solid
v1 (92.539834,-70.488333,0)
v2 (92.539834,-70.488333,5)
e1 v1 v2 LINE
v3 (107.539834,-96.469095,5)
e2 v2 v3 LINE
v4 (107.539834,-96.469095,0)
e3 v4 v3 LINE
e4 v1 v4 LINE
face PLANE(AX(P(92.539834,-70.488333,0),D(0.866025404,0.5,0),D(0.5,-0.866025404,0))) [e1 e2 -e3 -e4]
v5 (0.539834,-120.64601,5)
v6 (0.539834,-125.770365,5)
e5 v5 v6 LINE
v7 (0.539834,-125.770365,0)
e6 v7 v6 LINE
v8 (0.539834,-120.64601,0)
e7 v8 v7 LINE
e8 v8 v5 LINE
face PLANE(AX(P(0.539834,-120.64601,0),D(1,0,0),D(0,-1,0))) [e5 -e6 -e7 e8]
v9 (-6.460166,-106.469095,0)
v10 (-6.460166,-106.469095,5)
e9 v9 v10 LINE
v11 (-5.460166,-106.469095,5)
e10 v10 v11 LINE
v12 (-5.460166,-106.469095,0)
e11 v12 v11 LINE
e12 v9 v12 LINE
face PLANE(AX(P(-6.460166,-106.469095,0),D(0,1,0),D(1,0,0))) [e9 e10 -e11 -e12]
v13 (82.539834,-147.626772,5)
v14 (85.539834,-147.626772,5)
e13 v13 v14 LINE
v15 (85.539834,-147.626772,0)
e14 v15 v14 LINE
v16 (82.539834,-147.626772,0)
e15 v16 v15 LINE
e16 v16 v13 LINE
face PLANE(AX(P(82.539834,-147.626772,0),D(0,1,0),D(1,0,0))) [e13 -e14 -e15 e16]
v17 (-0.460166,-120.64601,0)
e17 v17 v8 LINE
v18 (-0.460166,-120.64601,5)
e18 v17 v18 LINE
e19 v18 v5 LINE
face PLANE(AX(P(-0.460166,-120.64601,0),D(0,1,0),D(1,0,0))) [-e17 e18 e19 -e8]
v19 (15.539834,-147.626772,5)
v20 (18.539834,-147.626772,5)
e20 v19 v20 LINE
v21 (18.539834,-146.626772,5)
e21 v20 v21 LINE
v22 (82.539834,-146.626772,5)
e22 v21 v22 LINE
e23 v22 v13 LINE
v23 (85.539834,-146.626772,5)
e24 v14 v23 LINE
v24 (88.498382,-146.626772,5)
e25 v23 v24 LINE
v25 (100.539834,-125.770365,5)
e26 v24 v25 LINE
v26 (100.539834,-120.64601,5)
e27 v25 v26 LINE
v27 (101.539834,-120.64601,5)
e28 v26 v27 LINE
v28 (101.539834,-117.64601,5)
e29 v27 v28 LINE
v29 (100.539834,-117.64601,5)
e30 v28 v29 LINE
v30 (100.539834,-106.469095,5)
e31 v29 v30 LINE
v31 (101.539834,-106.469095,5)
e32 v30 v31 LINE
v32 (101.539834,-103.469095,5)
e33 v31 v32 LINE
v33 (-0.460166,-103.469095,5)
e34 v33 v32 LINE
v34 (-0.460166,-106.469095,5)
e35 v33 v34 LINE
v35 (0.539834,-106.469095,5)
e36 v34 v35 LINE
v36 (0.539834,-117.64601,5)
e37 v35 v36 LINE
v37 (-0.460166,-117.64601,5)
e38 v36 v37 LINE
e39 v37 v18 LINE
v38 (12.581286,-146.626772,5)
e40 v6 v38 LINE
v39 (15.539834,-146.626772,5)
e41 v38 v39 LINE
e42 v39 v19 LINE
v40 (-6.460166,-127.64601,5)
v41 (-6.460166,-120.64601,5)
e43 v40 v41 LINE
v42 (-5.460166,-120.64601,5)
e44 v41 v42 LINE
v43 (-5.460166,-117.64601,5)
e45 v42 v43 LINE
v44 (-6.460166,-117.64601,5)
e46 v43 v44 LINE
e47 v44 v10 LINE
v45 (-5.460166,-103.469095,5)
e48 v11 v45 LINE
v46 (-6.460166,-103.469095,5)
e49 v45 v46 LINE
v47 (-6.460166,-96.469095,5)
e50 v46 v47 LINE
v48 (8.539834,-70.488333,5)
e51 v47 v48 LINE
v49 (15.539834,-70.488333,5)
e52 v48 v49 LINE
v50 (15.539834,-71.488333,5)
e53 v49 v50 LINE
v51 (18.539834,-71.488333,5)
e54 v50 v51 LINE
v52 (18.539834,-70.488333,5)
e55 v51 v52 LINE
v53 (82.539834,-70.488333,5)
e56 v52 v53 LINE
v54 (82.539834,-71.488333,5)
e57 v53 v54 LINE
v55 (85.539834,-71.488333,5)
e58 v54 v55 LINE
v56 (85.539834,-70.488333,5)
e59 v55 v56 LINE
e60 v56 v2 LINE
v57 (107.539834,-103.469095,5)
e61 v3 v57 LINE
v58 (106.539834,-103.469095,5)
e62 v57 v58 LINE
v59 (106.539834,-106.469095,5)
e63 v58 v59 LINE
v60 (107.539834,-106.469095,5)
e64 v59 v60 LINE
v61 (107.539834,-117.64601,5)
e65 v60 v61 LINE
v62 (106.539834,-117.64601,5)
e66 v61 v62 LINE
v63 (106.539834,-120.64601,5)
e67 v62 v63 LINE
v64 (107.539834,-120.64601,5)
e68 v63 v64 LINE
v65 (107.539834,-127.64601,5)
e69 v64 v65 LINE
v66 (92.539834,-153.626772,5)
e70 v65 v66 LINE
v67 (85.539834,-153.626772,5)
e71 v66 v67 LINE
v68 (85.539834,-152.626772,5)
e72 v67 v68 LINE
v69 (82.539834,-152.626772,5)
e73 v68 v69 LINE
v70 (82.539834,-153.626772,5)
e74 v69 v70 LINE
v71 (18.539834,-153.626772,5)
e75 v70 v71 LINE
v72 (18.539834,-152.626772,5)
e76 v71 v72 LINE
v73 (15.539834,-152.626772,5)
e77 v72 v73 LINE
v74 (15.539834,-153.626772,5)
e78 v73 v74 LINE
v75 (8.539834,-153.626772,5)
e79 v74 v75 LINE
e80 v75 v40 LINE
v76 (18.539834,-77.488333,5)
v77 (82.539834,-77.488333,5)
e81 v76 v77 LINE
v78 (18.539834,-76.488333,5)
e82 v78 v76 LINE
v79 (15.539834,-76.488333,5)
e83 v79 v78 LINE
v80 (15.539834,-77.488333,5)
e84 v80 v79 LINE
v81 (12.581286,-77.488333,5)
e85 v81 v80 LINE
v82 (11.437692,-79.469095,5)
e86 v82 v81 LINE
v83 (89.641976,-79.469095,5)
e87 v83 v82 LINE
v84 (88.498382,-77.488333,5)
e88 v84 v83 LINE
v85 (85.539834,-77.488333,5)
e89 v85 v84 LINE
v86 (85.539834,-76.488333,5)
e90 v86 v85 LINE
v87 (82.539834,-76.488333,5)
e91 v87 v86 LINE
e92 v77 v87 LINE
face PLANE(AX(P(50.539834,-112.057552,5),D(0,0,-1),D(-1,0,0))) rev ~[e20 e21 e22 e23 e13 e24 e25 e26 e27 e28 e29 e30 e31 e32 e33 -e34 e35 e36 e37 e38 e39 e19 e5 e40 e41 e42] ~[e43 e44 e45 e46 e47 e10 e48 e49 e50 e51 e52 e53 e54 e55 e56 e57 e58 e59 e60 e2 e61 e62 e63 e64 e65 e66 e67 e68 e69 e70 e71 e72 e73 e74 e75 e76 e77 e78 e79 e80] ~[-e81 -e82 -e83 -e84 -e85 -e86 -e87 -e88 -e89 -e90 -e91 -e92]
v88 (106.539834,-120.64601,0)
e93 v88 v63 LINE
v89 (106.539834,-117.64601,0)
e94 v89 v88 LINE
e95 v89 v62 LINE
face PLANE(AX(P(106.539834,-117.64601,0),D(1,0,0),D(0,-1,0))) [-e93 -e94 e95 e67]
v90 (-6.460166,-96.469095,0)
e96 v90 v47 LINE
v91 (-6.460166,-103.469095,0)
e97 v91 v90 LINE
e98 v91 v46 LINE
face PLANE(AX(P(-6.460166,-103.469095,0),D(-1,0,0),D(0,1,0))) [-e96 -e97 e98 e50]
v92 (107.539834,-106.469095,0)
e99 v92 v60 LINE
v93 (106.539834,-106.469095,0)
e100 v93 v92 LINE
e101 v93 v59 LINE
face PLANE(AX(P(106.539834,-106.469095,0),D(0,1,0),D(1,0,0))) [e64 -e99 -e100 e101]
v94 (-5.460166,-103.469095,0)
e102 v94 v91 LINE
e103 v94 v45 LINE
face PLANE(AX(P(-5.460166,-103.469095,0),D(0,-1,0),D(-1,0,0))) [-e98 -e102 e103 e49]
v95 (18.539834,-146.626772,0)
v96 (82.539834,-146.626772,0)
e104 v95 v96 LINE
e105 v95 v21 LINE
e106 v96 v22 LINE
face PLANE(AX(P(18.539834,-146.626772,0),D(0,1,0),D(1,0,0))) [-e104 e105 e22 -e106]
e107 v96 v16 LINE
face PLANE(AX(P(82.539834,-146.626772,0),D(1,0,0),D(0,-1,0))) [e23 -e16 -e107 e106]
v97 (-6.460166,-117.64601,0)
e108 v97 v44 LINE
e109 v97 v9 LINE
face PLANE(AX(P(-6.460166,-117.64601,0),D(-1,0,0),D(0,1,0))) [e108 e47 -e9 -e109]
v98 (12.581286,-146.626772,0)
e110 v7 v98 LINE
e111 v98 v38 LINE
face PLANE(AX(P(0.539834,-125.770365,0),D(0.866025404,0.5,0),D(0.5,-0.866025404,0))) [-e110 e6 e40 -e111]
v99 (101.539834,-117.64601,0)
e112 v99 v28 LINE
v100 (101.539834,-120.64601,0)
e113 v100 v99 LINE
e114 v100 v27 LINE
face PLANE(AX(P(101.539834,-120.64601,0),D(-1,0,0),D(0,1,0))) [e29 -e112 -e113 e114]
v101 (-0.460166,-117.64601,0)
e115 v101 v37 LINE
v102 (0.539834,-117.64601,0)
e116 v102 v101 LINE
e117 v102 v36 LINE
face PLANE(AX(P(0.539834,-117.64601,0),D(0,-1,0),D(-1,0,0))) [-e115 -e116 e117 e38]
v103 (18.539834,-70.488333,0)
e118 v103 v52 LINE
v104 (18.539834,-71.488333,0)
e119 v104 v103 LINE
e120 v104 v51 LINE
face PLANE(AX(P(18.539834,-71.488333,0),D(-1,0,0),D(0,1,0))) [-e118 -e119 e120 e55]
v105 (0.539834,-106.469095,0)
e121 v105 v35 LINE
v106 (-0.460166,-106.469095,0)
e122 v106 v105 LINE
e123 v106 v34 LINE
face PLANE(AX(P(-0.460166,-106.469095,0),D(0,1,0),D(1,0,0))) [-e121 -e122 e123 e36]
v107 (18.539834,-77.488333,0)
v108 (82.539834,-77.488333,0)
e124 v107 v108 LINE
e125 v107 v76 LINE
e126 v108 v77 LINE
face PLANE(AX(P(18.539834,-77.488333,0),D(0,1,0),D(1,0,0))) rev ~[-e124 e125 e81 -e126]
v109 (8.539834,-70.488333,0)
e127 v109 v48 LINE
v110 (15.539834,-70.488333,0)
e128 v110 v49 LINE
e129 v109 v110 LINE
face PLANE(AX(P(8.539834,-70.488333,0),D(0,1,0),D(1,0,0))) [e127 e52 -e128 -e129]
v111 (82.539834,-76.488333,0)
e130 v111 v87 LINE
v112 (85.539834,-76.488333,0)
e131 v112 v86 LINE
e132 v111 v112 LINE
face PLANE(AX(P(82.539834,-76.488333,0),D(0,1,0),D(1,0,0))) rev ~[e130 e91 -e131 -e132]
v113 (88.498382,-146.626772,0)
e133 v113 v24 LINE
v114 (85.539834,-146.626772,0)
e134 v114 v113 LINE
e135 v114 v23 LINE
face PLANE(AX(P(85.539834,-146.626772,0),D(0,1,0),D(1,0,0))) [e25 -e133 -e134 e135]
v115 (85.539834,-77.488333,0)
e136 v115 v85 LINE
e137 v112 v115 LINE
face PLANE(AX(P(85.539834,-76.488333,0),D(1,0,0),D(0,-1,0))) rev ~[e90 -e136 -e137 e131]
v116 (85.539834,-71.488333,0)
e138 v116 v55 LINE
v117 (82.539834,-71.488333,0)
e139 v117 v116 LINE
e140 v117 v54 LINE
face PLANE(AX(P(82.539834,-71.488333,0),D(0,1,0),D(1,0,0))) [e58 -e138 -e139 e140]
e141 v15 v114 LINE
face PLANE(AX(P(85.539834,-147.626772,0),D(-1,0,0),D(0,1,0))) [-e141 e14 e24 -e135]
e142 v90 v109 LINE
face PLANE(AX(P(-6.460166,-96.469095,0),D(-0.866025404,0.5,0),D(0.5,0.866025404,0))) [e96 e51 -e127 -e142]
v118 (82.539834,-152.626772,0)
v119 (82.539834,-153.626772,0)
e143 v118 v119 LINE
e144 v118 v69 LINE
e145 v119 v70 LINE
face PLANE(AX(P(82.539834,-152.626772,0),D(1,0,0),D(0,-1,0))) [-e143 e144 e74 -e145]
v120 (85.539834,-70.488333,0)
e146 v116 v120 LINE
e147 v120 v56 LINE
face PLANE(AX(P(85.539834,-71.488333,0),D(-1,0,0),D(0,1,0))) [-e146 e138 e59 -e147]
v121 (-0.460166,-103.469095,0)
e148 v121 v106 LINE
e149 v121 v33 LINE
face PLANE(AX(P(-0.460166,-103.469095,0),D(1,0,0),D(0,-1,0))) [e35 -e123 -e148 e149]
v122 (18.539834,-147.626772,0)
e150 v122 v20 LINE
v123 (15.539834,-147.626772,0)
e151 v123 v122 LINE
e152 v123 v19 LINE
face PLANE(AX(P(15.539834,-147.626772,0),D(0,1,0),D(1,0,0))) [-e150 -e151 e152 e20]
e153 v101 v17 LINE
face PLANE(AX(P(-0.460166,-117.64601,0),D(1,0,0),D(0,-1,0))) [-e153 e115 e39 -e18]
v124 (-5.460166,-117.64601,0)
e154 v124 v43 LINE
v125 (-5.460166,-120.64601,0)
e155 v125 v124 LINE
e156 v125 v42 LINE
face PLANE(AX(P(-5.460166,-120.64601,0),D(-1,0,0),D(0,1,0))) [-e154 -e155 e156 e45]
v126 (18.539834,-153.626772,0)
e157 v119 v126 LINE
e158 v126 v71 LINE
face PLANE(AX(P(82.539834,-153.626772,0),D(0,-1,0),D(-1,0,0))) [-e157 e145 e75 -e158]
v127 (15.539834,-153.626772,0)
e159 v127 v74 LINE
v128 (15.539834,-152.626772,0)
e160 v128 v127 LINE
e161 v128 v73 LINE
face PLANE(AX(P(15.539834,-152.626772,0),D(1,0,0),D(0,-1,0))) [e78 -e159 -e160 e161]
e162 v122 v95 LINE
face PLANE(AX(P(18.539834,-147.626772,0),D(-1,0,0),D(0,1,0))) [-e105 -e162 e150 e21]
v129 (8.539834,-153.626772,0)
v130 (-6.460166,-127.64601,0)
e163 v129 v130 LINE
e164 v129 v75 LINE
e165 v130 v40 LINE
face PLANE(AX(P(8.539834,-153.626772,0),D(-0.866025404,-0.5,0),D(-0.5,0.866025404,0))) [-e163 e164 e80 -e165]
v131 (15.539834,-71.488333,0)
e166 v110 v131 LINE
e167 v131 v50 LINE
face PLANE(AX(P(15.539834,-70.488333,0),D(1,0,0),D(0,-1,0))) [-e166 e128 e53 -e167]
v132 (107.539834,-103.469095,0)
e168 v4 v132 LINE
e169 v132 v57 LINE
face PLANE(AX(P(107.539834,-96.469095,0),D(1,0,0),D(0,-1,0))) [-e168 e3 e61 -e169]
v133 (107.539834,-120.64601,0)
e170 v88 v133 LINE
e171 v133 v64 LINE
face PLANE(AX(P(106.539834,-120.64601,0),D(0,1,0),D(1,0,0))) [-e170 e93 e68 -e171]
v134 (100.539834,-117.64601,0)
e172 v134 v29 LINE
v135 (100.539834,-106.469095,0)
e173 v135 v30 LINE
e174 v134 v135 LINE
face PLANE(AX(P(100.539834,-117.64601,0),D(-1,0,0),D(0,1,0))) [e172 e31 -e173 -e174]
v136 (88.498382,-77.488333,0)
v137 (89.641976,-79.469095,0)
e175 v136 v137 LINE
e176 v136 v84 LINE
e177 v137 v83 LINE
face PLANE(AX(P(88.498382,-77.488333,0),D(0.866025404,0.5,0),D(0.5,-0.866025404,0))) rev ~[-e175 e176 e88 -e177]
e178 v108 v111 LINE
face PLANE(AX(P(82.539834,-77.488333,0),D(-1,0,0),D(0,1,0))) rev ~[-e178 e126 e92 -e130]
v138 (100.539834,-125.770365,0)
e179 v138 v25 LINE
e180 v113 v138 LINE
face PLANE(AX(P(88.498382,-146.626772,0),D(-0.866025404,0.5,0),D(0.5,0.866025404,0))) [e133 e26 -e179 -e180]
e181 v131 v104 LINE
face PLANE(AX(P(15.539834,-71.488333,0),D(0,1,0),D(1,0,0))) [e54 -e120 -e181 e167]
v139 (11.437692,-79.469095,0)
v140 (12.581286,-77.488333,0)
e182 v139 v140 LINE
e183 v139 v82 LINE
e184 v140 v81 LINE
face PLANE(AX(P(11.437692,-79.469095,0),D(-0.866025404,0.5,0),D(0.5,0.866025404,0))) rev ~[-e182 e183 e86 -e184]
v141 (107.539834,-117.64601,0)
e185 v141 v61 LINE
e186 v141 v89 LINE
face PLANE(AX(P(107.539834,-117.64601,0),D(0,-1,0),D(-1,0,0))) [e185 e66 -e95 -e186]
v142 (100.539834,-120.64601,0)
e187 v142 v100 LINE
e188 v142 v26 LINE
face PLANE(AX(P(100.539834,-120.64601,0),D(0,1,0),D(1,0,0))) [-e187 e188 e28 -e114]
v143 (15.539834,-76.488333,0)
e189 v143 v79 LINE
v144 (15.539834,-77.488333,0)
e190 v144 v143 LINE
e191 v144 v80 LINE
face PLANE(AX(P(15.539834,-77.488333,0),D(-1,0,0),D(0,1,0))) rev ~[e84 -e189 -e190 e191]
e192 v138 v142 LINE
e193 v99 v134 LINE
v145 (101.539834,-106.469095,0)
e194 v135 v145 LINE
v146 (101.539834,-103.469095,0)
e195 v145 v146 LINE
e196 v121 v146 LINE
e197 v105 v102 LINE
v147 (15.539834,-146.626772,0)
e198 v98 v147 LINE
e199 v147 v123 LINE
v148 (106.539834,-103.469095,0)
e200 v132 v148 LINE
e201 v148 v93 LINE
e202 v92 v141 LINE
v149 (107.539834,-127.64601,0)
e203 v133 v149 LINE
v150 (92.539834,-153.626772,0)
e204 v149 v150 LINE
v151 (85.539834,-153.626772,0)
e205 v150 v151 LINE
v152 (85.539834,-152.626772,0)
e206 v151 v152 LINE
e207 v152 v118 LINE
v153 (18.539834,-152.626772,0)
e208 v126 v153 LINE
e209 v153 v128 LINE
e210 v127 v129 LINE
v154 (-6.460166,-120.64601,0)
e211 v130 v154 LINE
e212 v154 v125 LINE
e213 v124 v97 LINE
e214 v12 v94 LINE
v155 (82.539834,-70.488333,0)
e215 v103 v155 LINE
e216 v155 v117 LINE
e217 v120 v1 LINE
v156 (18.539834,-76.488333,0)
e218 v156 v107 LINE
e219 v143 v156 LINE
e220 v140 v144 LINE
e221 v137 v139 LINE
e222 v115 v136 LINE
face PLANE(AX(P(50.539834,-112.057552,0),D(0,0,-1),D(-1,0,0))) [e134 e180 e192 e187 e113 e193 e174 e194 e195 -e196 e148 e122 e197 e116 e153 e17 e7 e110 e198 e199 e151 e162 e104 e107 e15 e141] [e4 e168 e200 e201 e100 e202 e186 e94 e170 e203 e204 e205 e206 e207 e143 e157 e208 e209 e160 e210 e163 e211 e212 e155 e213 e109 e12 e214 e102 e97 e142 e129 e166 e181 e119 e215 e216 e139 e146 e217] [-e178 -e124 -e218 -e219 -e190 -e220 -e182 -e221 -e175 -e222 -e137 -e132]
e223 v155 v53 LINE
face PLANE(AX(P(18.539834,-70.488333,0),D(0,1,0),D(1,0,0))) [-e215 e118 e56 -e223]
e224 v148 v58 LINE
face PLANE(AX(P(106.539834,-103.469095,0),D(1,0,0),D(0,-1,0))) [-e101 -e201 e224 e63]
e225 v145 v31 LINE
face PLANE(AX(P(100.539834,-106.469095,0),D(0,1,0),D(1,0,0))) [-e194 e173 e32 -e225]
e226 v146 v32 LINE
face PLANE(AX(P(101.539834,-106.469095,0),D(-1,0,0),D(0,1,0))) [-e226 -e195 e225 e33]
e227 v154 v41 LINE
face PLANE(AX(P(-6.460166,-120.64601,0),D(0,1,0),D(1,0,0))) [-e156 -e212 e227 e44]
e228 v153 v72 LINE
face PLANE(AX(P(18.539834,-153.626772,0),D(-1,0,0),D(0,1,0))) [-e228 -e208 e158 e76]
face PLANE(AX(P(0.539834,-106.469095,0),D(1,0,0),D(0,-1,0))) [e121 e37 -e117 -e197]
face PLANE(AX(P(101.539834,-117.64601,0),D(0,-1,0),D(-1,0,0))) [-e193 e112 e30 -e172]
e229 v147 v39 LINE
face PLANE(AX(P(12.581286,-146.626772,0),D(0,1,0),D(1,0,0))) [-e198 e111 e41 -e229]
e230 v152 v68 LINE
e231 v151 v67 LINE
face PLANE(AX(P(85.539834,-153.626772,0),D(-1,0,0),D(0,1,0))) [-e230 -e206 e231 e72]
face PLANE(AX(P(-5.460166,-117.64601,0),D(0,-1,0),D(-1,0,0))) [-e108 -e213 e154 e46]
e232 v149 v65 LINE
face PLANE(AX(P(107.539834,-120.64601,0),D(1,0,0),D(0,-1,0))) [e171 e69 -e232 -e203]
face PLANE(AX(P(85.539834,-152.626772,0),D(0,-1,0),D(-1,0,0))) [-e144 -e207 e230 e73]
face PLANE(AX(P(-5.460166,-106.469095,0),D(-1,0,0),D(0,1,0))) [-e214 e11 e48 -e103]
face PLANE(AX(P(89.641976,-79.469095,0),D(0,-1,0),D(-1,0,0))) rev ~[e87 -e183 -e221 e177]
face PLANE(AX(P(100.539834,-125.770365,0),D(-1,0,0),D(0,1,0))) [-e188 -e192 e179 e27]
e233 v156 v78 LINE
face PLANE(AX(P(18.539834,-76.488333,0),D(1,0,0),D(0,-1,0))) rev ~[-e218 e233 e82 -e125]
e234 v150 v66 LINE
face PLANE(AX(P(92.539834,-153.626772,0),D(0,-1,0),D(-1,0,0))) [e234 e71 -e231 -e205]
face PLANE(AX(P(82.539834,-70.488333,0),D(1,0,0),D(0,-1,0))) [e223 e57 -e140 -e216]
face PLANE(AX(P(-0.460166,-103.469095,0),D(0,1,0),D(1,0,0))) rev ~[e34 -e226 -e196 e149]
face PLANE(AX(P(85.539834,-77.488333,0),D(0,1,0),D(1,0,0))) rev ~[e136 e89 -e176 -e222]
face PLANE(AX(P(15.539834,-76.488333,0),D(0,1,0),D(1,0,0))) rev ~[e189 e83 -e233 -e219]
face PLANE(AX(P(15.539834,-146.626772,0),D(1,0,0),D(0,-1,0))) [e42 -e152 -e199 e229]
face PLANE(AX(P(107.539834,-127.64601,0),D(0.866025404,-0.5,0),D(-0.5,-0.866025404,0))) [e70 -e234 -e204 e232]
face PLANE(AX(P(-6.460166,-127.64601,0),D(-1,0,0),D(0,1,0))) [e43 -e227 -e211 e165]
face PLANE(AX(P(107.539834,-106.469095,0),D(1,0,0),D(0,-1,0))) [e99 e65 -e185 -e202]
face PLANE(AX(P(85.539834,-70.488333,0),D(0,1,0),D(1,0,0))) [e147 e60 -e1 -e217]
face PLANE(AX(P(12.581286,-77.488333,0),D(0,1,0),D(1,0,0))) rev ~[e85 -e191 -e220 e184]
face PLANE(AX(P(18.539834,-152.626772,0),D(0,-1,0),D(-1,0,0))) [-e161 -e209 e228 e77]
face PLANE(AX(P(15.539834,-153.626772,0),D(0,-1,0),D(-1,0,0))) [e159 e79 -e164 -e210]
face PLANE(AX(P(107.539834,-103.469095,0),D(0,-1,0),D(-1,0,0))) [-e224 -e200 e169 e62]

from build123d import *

# Parameters (mm, degrees)
BOSS_EXTRU_1_DEPTH = 5


with BuildPart() as part:
    # Esquisse1 → Boss.-Extru.1 (new body)
    with BuildSketch(Plane.XY):
        Polygon((82.539833849, -153.626771729), (18.539833849, -153.626771729), (18.539833849, -152.626771729), (15.539833849, -152.626771729), (15.539833849, -153.626771729), (8.539833849, -153.626771729), (-6.460166151, -127.646009615), (-6.460166151, -120.646009615), (-5.460166151, -120.646009615), (-5.460166151, -117.646009615), (-6.460166151, -117.646009615), (-6.460166151, -106.469095079), (-5.460166151, -106.469095079), (-5.460166151, -103.469095079), (-6.460166151, -103.469095079), (-6.460166151, -96.469095079), (8.539833849, -70.488332966), (15.539833849, -70.488332966), (15.539833849, -71.488332966), (18.539833849, -71.488332966), (18.539833849, -70.488332966), (82.539833849, -70.488332966), (82.539833849, -71.488332966), (85.539833849, -71.488332966), (85.539833849, -70.488332966), (92.539833849, -70.488332965), (107.539833849, -96.469095079), (107.539833849, -103.469095079), (106.539833849, -103.469095079), (106.539833849, -106.469095079), (107.539833849, -106.469095079), (107.539833849, -117.646009615), (106.539833849, -117.646009615), (106.539833849, -120.646009615), (107.539833849, -120.646009615), (107.539833849, -127.646009615), (92.539833849, -153.626771729), (85.539833849, -153.626771729), (85.539833849, -152.626771729), (82.539833849, -152.626771729), align=None)
        Polygon((0.539833849, -106.469095079), (0.539833849, -117.646009615), (-0.460166151, -117.646009615), (-0.460166151, -120.646009615), (0.539833849, -120.646009615), (0.539833849, -125.770365268), (12.581285733, -146.626771729), (15.539833849, -146.626771729), (15.539833849, -147.626771729), (18.539833849, -147.626771729), (18.539833849, -146.626771729), (82.539833849, -146.626771729), (82.539833849, -147.626771729), (85.539833849, -147.626771729), (85.539833849, -146.626771729), (88.498381965, -146.626771729), (100.539833849, -125.770365268), (100.539833849, -120.646009615), (101.539833849, -120.646009615), (101.539833849, -117.646009615), (100.539833849, -117.646009615), (100.539833849, -106.469095079), (101.539833849, -106.469095079), (101.539833849, -103.469095079), (100.539833849, -103.469095079), (0.539833849, -103.469095079), (-0.460166151, -103.469095079), (-0.460166151, -106.469095079), align=None, mode=Mode.SUBTRACT)
        Polygon((18.539833849, -77.488332966), (82.539833849, -77.488332966), (82.539833849, -76.488332966), (85.539833849, -76.488332966), (85.539833849, -77.488332966), (88.498381965, -77.488332966), (89.641975504, -79.469095079), (11.437692194, -79.469095079), (12.581285733, -77.488332966), (15.539833849, -77.488332966), (15.539833849, -76.488332966), (18.539833849, -76.488332966), align=None, mode=Mode.SUBTRACT)
    extrude(amount=BOSS_EXTRU_1_DEPTH)


solid = part.part
